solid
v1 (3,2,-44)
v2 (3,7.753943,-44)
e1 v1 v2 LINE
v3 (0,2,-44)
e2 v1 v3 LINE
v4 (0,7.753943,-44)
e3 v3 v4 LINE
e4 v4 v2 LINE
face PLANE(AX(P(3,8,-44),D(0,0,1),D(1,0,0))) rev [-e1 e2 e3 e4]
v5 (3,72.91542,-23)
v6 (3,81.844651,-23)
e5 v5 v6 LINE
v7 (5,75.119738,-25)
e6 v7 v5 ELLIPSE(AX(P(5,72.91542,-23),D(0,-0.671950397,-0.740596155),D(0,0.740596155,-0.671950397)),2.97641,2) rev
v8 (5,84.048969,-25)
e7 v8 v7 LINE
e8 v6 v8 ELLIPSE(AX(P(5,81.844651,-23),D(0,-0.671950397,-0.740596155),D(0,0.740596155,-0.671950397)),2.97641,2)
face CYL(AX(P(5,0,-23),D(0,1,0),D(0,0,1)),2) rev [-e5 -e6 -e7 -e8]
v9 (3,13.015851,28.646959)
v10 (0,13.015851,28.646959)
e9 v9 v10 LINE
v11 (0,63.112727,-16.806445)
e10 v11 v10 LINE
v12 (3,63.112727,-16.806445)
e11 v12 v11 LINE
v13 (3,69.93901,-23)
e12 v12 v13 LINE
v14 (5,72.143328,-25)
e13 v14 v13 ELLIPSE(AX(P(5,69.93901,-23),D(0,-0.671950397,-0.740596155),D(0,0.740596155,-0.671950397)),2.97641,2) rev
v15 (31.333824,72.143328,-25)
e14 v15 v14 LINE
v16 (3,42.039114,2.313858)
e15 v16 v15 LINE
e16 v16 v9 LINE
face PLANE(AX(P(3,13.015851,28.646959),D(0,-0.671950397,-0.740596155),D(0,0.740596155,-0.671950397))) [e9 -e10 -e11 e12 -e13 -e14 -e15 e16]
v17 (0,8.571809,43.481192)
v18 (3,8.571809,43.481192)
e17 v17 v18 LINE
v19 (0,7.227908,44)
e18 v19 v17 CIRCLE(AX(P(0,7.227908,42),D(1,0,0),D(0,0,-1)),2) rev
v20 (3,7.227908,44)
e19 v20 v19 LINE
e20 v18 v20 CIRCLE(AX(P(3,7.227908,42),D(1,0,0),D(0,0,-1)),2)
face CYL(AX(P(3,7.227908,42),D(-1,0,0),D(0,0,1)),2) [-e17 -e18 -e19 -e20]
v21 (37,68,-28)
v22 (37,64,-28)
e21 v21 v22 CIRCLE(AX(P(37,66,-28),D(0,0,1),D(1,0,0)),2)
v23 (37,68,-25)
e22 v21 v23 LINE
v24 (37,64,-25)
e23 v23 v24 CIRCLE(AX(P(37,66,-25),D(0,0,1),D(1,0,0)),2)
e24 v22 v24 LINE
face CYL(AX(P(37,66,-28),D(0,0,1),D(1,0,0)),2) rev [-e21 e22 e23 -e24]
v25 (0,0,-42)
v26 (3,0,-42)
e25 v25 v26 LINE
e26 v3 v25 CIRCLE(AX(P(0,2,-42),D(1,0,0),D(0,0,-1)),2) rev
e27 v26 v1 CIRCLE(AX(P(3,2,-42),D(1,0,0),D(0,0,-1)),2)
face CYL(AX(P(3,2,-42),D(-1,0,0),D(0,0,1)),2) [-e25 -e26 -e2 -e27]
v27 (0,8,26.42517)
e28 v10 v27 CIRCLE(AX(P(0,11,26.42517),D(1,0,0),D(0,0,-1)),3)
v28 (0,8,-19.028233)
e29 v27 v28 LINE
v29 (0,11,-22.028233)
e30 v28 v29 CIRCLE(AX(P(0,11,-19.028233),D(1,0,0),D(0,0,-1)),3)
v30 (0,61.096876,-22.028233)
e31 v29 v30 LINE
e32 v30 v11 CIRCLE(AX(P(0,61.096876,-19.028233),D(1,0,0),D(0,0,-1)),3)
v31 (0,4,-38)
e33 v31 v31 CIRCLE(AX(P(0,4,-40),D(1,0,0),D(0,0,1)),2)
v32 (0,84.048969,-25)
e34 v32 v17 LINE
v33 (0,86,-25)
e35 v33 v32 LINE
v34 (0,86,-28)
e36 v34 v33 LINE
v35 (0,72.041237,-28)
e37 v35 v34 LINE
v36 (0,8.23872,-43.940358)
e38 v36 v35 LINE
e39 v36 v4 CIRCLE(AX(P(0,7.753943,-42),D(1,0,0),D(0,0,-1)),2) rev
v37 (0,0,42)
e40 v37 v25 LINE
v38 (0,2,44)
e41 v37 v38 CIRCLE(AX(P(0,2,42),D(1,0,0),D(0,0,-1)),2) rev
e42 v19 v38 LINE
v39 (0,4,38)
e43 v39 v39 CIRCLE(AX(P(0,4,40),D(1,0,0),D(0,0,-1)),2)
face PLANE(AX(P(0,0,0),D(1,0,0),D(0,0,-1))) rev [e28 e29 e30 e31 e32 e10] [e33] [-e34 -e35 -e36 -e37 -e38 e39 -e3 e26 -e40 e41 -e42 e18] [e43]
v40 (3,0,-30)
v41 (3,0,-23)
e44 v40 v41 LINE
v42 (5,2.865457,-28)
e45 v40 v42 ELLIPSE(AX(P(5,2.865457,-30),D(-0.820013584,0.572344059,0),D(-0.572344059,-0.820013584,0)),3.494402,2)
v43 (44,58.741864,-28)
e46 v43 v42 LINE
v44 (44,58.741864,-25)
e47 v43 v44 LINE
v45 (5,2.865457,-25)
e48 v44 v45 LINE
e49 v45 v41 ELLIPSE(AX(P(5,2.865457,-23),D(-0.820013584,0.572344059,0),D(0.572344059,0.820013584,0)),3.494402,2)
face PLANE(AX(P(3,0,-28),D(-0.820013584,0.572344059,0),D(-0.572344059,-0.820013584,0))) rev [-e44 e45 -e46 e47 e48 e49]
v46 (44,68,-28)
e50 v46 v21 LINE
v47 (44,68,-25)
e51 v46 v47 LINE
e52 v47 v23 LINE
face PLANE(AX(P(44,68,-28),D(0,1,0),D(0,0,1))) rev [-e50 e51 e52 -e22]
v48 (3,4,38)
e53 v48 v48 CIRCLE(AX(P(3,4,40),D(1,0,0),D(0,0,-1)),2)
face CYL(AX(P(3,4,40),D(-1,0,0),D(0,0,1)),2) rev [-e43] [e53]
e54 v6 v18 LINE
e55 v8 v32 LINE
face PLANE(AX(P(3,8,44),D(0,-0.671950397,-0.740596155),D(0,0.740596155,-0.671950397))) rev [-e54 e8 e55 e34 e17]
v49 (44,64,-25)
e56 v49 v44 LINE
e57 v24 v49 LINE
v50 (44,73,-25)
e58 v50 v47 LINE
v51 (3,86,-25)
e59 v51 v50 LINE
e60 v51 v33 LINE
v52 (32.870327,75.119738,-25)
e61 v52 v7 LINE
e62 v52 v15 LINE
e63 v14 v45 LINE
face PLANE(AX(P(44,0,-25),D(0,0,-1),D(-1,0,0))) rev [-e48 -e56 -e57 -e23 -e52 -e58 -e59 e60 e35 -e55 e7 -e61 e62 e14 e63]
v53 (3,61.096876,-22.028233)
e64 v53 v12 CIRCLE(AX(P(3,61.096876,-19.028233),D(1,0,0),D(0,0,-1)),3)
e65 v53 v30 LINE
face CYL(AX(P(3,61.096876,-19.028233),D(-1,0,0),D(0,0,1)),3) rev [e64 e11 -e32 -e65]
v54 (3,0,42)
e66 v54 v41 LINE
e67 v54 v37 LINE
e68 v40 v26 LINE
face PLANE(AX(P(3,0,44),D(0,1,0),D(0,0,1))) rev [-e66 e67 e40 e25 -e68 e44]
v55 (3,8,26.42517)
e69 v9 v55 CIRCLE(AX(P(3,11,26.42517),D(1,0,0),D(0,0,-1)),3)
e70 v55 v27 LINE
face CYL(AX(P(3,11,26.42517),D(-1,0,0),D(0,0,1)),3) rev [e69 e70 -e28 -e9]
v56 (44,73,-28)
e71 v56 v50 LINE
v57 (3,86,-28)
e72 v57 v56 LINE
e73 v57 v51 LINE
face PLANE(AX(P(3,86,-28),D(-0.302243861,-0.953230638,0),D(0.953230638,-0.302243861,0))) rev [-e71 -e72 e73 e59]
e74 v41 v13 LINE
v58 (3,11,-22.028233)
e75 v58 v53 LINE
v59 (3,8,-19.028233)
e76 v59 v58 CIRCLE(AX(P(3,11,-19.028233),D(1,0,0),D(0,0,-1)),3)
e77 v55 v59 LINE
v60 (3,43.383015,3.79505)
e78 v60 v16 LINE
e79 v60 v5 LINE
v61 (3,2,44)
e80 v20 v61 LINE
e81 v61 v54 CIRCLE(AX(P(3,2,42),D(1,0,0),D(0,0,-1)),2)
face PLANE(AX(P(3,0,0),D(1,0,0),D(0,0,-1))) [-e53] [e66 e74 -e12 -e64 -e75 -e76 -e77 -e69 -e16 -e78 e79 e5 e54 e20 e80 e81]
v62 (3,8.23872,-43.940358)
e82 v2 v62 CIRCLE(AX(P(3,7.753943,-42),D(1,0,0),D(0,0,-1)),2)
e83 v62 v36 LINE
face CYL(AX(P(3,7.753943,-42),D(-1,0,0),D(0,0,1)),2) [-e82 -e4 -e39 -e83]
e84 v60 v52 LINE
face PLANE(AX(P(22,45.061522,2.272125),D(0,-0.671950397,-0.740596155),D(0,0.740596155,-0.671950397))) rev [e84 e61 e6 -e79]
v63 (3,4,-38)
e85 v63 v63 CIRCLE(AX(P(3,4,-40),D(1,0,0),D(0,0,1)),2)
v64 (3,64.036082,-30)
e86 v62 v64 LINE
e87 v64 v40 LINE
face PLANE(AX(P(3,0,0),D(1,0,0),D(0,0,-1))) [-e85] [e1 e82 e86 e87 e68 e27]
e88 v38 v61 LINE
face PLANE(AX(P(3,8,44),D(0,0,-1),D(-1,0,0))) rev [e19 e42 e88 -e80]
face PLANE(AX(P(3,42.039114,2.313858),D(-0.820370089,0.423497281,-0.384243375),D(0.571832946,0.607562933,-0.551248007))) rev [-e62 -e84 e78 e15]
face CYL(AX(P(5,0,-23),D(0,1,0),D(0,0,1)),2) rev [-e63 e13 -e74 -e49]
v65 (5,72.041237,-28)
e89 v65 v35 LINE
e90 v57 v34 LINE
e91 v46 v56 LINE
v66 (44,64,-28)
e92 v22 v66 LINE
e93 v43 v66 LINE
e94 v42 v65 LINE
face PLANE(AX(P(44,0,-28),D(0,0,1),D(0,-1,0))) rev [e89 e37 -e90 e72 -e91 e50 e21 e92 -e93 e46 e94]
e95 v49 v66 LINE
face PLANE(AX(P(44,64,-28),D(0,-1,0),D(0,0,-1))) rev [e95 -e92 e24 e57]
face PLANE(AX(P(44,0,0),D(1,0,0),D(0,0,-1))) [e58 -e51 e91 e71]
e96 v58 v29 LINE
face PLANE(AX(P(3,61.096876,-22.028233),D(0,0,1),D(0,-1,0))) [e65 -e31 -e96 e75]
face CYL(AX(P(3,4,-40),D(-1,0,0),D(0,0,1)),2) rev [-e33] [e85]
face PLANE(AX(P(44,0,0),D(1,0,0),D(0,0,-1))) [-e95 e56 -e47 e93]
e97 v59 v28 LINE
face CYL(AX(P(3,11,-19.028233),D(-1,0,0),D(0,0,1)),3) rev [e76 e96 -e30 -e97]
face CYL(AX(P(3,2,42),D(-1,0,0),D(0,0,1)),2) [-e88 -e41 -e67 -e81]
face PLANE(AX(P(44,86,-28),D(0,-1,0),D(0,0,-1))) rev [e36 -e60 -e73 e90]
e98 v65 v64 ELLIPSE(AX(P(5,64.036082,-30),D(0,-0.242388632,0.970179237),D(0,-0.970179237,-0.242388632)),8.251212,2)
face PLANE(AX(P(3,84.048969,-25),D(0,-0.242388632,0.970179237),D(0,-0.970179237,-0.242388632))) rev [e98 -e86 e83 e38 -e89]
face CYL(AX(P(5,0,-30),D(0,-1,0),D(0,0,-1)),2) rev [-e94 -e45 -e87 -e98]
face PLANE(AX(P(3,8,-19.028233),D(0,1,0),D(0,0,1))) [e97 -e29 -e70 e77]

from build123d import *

# Parameters (mm, degrees)
SKETCH_1_R          = 2
EXTRUDE_1_DEPTH     = 3
SKETCH_2_W          = 3
SKETCH_2_H          = 86
EXTRUDE_2_DEPTH     = 44
CUT_EXTRUDE_1_DEPTH = 3
FILLET_1_R          = 2
RIB_2_REACH         = 105.226
SKETCH_8_WALL_W     = 259.89004629
SKETCH_8_WALL_H     = 2
FILLET_2_R          = 2


with BuildPart() as part:
    # Эскиз1 → Бобышка-Вытянуть1 (new body)
    with BuildSketch(Plane(origin=(0, 0, 0), x_dir=(0, 0, -1), z_dir=(1, 0, 0))):
        Polygon((-44, 0), (44, 0), (44, 8), (25, 84.048968678), (-44, 8), align=None)
        with Locations((-40, 4)):
            Circle(SKETCH_1_R, mode=Mode.SUBTRACT)
        with Locations((40, 4)):
            Circle(SKETCH_1_R, mode=Mode.SUBTRACT)
        with BuildLine():
            Line((-28.646958906, 13.01585119), (16.806444582, 63.112727395))
            ThreePointArc((16.806444582, 63.112727395), (20.10865764, 63.895569238), (22.028233046, 61.096876205))
            Line((22.028233046, 61.096876205), (22.028233046, 11))
            ThreePointArc((22.028233046, 11), (21.14955339, 8.878679656), (19.028233046, 8))
            Line((19.028233046, 8), (-26.425170442, 8))
            ThreePointArc((-26.425170442, 8), (-29.168120821, 9.785000735), (-28.646958906, 13.01585119))
        make_face(mode=Mode.SUBTRACT)
    extrude(amount=EXTRUDE_1_DEPTH)

    # Эскиз2 → Бобышка-Вытянуть2 (add)
    with BuildSketch(Plane(origin=(0, 0, 0), x_dir=(0, 0, -1), z_dir=(1, 0, 0))):
        with Locations((26.5, 43)):
            Rectangle(SKETCH_2_W, SKETCH_2_H)
    extrude(amount=EXTRUDE_2_DEPTH)

    # Эскиз3 → Вырез-Вытянуть1 (cut)
    with BuildSketch(Plane.XY.offset(-25)):
        with BuildLine():
            Line((3, 86), (44, 73))
            Line((44, 73), (44, 68))
            Line((44, 68), (37, 68))
            ThreePointArc((37, 68), (35, 66), (37, 64))
            Line((37, 64), (44, 64))
            Line((44, 64), (47.670015823, 64))
            Line((47.670015823, 64), (3, 0))
            Line((3, 0), (48.684950213, 0))
            Line((48.684950213, 0), (53.414147697, 0))
            Line((53.414147697, 0), (53.414147697, 86))
            Line((53.414147697, 86), (3, 86))
        make_face()
    extrude(amount=-CUT_EXTRUDE_1_DEPTH, mode=Mode.SUBTRACT)

    # Скругление1
    fillet_1_edges = [part.edges().sort_by_distance(p)[0] for p in [
        (3, 36.020618391, -28),
        (3, 42.024484339, -25),
    ]]
    fillet(fillet_1_edges, radius=FILLET_1_R)

    # Эскиз8 wall → Ребро2 (add, up to next)
    with BuildSketch(Plane(origin=(17.70715676, 57.665222316, -11.863868016), x_dir=(0.571832945578, 0.60756293308, -0.551248006526), z_dir=(0.82037008865, -0.42349728062, 0.384243374641)), mode=Mode.PRIVATE) as rib_2_sk1:
        with Locations((0, 1)):
            Rectangle(SKETCH_8_WALL_W, SKETCH_8_WALL_H)
    rib_2_tool1 = extrude(rib_2_sk1.sketch, amount=-RIB_2_REACH, mode=Mode.PRIVATE) - part.part
    add(rib_2_tool1.solids().sort_by_distance((17.70715676, 57.665222316, -11.863868016))[0])

    # Скругление2
    fillet_2_edges = [part.edges().sort_by_distance(p)[0] for p in [
        (1.5, 8, -44),
        (1.5, 0, -44),
        (1.5, 8, 44),
        (1.5, 0, 44),
    ]]
    fillet(fillet_2_edges, radius=FILLET_2_R)


solid = part.part
